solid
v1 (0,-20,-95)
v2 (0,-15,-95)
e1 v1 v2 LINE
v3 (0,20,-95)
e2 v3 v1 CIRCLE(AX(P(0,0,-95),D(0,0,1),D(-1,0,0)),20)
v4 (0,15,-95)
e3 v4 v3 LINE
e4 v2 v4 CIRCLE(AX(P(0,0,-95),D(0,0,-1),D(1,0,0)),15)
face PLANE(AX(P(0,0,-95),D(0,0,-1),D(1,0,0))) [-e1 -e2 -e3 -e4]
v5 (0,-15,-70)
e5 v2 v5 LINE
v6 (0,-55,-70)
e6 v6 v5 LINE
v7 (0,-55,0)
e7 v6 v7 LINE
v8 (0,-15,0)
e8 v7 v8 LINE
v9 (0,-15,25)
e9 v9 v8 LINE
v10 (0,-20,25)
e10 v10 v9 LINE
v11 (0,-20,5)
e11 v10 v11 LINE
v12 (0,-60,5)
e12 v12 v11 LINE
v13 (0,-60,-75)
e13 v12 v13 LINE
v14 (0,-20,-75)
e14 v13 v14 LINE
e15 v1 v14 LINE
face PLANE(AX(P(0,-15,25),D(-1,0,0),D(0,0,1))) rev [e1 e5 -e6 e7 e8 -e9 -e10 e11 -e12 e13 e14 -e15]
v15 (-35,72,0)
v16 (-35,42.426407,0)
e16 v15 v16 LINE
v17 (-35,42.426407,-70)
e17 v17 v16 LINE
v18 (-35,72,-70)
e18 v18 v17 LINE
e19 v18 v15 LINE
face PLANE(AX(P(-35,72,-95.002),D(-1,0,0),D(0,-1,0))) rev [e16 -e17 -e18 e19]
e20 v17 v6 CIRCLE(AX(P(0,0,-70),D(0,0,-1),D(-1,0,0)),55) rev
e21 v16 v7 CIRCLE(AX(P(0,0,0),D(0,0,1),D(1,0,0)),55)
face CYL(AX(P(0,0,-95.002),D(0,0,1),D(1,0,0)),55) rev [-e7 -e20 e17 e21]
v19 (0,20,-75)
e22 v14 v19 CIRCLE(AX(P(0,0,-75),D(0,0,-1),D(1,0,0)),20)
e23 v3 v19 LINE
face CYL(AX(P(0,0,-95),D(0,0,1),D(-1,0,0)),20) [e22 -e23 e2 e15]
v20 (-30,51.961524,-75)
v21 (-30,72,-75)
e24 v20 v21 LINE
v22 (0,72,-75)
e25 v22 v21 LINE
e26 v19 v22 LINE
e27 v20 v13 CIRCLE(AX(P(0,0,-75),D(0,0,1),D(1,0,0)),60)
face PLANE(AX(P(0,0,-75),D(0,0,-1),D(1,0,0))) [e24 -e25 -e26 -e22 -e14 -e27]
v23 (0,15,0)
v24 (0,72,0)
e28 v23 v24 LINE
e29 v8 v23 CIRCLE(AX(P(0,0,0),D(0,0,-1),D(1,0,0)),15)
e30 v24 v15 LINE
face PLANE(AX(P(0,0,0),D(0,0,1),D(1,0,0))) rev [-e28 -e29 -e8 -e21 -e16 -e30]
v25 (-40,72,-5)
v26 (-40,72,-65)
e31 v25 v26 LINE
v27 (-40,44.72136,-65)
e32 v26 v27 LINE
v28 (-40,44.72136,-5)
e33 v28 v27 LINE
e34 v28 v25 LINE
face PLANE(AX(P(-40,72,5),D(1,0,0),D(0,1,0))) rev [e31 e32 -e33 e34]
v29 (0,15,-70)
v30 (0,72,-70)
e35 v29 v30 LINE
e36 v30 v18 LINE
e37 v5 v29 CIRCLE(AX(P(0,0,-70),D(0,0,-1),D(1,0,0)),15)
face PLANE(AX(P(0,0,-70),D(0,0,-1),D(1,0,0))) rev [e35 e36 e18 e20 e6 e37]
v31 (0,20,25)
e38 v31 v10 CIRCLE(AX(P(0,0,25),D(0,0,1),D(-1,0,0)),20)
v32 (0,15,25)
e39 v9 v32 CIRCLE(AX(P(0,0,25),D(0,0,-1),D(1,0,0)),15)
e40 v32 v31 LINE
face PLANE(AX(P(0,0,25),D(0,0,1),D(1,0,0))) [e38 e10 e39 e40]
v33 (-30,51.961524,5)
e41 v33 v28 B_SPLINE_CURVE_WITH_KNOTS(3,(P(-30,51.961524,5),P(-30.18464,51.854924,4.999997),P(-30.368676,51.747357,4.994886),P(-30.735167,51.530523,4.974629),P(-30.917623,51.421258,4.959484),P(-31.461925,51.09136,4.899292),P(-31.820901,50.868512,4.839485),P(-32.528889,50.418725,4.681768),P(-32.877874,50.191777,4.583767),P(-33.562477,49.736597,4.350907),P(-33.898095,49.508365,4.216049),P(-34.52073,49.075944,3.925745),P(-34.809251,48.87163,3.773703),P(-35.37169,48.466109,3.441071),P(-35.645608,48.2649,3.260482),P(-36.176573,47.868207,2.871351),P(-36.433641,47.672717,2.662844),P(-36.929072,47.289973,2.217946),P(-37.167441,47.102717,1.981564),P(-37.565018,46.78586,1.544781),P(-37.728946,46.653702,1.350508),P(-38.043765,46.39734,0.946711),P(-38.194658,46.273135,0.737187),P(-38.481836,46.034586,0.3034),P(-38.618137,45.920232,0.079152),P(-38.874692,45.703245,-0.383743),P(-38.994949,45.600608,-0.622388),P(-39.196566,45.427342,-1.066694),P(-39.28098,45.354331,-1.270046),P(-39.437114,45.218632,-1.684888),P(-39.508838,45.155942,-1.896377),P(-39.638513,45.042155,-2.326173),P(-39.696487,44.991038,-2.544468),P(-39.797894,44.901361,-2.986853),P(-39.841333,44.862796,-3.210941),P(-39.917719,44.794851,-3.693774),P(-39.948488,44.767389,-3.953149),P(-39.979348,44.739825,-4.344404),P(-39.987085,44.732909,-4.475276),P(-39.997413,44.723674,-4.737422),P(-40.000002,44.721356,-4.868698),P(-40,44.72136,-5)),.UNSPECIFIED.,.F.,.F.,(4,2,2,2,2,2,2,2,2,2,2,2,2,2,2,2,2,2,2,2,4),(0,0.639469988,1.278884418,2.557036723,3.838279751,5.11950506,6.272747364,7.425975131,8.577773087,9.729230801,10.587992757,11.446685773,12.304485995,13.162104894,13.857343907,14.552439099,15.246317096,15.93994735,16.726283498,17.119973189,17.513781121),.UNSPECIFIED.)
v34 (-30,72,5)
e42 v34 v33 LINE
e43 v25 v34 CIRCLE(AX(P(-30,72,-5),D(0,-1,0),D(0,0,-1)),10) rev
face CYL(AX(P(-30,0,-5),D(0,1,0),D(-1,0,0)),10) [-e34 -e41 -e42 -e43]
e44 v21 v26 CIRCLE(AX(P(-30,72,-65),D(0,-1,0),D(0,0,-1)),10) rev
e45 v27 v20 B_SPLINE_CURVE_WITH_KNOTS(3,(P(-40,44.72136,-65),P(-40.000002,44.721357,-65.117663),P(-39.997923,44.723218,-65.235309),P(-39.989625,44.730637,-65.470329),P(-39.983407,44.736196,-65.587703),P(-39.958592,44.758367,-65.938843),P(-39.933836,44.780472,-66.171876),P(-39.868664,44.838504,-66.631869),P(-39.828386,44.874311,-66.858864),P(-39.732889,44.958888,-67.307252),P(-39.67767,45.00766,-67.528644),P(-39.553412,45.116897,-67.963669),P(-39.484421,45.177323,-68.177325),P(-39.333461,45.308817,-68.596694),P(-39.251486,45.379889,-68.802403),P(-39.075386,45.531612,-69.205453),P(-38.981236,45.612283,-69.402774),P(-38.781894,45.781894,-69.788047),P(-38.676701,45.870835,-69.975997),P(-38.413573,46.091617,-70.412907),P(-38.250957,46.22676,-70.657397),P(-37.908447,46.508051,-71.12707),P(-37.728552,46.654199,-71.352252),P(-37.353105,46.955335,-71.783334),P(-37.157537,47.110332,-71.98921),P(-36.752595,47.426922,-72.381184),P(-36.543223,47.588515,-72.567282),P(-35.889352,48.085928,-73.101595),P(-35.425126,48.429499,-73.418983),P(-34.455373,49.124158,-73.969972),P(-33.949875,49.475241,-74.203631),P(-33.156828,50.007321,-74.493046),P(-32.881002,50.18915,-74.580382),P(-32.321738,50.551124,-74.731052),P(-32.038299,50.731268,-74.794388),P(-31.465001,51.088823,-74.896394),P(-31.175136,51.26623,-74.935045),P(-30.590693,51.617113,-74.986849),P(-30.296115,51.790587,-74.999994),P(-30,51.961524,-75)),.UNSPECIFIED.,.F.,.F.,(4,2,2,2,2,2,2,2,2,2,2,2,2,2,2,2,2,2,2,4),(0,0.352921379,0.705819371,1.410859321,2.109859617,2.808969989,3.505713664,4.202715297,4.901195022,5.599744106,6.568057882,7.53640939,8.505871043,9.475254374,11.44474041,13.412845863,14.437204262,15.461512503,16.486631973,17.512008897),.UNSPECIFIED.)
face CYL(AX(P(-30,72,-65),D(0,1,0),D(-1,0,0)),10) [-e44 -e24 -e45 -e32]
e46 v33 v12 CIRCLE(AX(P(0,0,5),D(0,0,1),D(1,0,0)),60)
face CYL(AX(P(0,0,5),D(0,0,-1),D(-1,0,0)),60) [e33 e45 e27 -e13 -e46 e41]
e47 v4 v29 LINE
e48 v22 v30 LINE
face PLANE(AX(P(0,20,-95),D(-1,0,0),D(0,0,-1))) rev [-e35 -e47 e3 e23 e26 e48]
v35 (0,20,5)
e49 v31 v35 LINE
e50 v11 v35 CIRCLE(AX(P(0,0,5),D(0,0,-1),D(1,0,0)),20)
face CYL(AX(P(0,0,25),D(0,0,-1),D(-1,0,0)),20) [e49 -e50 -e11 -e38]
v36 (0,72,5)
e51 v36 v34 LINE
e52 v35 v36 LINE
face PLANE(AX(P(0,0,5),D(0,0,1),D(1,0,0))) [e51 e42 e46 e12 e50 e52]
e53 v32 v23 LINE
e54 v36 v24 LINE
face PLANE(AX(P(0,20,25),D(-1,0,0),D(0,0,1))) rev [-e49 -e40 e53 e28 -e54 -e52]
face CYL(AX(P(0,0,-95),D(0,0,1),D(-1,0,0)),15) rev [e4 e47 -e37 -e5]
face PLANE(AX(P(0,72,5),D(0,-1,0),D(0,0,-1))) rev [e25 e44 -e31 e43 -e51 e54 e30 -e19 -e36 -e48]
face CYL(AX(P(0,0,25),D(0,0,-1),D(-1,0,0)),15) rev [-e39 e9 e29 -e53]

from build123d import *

# Parameters (mm, degrees)
DODANIE_WYCI_GNI_CIE1_DEPTH       = 25
DODANIE_WYCI_GNI_CIE2_DEPTH       = 5
WYCI_GNI_CIE_CIENKA_START         = -70
WYCI_GNI_CIE_CIENKA_CIANKA1_DEPTH = 70
ZAOKR_GLENIE1_R                   = 10


with BuildPart() as part:
    # Szkic1 → Dodanie-wyciągnięcie1 (new body)
    with BuildSketch(Plane.XY):
        with BuildLine():
            Line((0, 20), (0, 15))
            ThreePointArc((0, 15), (-15, 0), (0, -15))
            Line((0, -15), (0, -20))
            ThreePointArc((0, -20), (-20, 0), (0, 20))
        make_face()
    extrude(amount=DODANIE_WYCI_GNI_CIE1_DEPTH)

    # Szkic2 → Dodanie-wyciągnięcie2 (add)
    with BuildSketch(Plane.XY):
        with BuildLine():
            Line((0, 20), (0, 72))
            Line((0, 72), (-40, 72))
            Line((-40, 72), (-40, 44.72135955))
            ThreePointArc((-40, 44.72135955), (-56.050341538, -21.409325386), (0, -60))
            Line((0, -60), (0, -20))
            ThreePointArc((0, -20), (-20, 0), (0, 20))
        make_face()
    extrude(amount=DODANIE_WYCI_GNI_CIE2_DEPTH)


with BuildPart() as body_2:
    # Lustro1: mirrored copy
    add(part.part.mirror(Plane.XY.offset(-35)))


with BuildPart() as part_1:
    add(part.part)

    add(body_2.part)  # Wyciągnięcie-cienka ścianka1 merges body 2
    # Szkic3 → Wyciągnięcie-cienka ścianka1 (add)
    with BuildSketch(Plane.XY.offset(WYCI_GNI_CIE_CIENKA_START)):
        with BuildLine():
            Line((-40, 72), (-40, 44.72135955))
            ThreePointArc((-40, 44.72135955), (-56.050341538, -21.409325386), (0, -60))
            Line((0, -60), (0, -55))
            ThreePointArc((0, -55), (-51.76124215, -18.594994247), (-35, 42.426406871))
            Line((-35, 42.426406871), (-35, 72))
            Line((-35, 72), (-40, 72))
        make_face()
    extrude(amount=WYCI_GNI_CIE_CIENKA_CIANKA1_DEPTH)

    # Zaokrąglenie1
    zaokr_glenie1_edges = [part_1.edges().sort_by_distance(p)[0] for p in [
        (-40, 58.360679775, 5),
        (-40, 58.360679775, -75),
    ]]
    fillet(zaokr_glenie1_edges, radius=ZAOKR_GLENIE1_R)


solid = part_1.part
